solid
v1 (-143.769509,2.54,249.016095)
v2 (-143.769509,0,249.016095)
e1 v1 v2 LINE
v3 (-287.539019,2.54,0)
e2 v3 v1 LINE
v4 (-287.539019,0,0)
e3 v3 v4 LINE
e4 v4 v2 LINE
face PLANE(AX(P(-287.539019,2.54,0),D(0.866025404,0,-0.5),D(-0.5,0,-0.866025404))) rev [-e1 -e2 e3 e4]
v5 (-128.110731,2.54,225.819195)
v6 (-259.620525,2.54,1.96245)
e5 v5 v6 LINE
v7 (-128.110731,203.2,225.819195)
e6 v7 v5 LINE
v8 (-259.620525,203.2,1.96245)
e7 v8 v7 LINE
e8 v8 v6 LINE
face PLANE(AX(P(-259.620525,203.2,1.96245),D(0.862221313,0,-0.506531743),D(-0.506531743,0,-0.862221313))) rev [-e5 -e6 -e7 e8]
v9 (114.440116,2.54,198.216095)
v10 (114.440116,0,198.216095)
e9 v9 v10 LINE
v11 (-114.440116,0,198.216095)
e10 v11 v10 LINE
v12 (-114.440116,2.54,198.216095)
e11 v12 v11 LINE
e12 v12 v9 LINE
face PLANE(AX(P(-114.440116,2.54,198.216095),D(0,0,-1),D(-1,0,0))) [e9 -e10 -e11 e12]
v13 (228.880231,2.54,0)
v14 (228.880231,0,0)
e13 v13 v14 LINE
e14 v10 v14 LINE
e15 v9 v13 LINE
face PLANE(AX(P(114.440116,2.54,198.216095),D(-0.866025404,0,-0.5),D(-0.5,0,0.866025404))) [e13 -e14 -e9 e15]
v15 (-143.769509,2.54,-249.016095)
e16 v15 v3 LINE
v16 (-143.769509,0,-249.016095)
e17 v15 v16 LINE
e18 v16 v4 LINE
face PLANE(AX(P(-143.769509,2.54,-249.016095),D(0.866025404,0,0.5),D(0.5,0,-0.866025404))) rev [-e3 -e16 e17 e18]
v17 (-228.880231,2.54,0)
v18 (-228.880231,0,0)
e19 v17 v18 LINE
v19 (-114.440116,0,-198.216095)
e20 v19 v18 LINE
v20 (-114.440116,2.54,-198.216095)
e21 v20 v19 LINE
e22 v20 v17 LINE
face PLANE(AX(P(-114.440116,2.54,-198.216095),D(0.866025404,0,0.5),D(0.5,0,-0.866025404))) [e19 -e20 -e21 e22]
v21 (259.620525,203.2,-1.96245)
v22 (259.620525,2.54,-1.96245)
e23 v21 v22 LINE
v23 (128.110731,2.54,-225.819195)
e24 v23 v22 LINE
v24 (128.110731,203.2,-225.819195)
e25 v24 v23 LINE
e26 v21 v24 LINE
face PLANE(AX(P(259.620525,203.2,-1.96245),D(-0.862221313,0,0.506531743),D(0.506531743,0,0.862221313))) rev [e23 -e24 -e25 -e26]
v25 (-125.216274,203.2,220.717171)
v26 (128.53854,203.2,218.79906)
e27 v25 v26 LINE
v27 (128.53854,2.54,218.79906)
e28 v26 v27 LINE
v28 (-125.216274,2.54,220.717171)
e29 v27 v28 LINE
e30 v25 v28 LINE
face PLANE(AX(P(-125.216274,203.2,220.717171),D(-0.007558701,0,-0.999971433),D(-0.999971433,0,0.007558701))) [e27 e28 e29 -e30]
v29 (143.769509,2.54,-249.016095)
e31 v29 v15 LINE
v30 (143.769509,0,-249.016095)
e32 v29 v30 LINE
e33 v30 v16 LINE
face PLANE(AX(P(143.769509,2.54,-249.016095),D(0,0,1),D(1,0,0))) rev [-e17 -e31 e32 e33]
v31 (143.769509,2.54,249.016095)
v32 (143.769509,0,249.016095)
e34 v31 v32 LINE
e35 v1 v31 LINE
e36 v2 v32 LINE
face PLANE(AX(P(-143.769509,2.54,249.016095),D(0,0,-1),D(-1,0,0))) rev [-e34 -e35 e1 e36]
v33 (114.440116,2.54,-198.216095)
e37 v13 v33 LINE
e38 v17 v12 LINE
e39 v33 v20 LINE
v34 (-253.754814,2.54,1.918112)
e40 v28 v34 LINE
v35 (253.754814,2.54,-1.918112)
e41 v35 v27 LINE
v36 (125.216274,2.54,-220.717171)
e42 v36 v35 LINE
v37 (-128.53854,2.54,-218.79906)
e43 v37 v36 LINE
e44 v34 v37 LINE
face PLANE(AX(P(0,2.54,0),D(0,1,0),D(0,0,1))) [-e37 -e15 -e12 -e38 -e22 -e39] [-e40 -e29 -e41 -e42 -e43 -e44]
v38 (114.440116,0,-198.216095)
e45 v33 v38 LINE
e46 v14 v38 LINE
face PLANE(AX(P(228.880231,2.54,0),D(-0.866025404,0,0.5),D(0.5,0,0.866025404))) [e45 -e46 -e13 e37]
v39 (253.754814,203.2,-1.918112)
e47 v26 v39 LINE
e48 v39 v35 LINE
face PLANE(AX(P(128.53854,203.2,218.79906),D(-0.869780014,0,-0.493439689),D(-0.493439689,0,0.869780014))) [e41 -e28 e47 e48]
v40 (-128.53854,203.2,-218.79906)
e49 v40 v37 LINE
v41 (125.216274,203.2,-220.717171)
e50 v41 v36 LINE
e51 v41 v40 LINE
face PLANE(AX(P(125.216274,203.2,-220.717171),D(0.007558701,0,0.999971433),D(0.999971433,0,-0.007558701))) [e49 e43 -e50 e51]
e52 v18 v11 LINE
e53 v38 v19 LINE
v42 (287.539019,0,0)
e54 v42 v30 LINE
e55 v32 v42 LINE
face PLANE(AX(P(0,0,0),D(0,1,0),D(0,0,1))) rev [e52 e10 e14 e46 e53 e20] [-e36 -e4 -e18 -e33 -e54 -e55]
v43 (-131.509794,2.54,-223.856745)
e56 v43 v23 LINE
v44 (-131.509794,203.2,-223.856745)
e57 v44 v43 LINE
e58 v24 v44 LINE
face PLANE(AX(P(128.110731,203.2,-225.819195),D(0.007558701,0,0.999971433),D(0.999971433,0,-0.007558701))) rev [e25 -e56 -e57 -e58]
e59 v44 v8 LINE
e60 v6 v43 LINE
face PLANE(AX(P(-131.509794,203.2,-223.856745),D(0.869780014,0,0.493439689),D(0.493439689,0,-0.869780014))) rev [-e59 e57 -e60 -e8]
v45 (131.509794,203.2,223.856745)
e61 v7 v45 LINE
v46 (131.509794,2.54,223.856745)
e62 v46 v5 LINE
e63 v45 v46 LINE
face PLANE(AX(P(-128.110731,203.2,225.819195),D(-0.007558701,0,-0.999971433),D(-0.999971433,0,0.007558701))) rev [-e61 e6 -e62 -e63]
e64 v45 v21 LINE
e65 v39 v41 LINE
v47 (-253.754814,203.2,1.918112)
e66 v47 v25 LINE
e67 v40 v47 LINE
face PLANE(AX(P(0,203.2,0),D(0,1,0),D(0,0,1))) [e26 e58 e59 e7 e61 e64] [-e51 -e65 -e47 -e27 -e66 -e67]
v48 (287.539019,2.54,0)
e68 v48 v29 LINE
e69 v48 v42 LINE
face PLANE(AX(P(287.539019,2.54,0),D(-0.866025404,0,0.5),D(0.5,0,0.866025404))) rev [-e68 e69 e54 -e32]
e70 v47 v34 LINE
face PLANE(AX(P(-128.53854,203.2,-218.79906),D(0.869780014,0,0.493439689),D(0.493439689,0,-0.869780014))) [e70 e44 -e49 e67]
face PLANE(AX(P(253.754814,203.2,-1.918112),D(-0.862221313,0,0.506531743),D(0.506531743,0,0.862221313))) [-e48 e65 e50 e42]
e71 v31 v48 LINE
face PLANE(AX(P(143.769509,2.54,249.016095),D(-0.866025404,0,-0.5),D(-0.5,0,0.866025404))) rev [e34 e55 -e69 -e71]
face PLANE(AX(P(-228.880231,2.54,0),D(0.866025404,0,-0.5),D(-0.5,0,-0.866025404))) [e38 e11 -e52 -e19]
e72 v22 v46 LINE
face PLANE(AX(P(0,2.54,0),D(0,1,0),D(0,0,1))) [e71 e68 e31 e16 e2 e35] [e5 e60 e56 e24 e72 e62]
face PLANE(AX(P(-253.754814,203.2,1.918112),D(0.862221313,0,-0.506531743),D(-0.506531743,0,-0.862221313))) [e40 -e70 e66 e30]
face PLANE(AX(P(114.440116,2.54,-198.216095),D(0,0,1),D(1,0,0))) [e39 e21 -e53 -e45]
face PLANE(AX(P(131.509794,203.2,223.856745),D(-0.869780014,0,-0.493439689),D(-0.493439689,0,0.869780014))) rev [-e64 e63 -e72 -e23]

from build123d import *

# Parameters (mm, degrees)
BOSS_EXTRUDE1_DEPTH = 2.54
BOSS_EXTRUDE2_DEPTH = 203.2


with BuildPart() as part:
    # Sketch1 → Boss-Extrude1 (new body)
    with BuildSketch(Plane(origin=(0, 0, 0), x_dir=(1, 0, 0), z_dir=(0, 1, 0))):
        Polygon((143.769509274, -249.016094641), (287.539018547, 0), (143.769509274, 249.016094641), (-143.769509274, 249.016094641), (-287.539018547, 0), (-143.769509274, -249.016094641), align=None)
        Polygon((114.440115599, -198.216094641), (228.880231198, 0), (114.440115599, 198.216094641), (-114.440115599, 198.216094641), (-228.880231198, 0), (-114.440115599, -198.216094641), align=None, mode=Mode.SUBTRACT)
    extrude(amount=BOSS_EXTRUDE1_DEPTH)

    # Sketch2 → Boss-Extrude2 (add)
    with BuildSketch(Plane(origin=(0, 0, 0), x_dir=(1, 0, 0), z_dir=(0, 1, 0))):
        Polygon((128.11073119, 225.819195391), (-131.509794276, 223.856745403), (-259.620525466, -1.962449988), (-128.11073119, -225.819195391), (131.509794276, -223.856745403), (259.620525466, 1.962449988), align=None)
        Polygon((125.21627381, 220.717171301), (-128.538540494, 218.799059737), (-253.754814303, -1.918111564), (-125.21627381, -220.717171301), (128.538540494, -218.799059737), (253.754814303, 1.918111564), align=None, mode=Mode.SUBTRACT)
    extrude(amount=BOSS_EXTRUDE2_DEPTH)


solid = part.part
